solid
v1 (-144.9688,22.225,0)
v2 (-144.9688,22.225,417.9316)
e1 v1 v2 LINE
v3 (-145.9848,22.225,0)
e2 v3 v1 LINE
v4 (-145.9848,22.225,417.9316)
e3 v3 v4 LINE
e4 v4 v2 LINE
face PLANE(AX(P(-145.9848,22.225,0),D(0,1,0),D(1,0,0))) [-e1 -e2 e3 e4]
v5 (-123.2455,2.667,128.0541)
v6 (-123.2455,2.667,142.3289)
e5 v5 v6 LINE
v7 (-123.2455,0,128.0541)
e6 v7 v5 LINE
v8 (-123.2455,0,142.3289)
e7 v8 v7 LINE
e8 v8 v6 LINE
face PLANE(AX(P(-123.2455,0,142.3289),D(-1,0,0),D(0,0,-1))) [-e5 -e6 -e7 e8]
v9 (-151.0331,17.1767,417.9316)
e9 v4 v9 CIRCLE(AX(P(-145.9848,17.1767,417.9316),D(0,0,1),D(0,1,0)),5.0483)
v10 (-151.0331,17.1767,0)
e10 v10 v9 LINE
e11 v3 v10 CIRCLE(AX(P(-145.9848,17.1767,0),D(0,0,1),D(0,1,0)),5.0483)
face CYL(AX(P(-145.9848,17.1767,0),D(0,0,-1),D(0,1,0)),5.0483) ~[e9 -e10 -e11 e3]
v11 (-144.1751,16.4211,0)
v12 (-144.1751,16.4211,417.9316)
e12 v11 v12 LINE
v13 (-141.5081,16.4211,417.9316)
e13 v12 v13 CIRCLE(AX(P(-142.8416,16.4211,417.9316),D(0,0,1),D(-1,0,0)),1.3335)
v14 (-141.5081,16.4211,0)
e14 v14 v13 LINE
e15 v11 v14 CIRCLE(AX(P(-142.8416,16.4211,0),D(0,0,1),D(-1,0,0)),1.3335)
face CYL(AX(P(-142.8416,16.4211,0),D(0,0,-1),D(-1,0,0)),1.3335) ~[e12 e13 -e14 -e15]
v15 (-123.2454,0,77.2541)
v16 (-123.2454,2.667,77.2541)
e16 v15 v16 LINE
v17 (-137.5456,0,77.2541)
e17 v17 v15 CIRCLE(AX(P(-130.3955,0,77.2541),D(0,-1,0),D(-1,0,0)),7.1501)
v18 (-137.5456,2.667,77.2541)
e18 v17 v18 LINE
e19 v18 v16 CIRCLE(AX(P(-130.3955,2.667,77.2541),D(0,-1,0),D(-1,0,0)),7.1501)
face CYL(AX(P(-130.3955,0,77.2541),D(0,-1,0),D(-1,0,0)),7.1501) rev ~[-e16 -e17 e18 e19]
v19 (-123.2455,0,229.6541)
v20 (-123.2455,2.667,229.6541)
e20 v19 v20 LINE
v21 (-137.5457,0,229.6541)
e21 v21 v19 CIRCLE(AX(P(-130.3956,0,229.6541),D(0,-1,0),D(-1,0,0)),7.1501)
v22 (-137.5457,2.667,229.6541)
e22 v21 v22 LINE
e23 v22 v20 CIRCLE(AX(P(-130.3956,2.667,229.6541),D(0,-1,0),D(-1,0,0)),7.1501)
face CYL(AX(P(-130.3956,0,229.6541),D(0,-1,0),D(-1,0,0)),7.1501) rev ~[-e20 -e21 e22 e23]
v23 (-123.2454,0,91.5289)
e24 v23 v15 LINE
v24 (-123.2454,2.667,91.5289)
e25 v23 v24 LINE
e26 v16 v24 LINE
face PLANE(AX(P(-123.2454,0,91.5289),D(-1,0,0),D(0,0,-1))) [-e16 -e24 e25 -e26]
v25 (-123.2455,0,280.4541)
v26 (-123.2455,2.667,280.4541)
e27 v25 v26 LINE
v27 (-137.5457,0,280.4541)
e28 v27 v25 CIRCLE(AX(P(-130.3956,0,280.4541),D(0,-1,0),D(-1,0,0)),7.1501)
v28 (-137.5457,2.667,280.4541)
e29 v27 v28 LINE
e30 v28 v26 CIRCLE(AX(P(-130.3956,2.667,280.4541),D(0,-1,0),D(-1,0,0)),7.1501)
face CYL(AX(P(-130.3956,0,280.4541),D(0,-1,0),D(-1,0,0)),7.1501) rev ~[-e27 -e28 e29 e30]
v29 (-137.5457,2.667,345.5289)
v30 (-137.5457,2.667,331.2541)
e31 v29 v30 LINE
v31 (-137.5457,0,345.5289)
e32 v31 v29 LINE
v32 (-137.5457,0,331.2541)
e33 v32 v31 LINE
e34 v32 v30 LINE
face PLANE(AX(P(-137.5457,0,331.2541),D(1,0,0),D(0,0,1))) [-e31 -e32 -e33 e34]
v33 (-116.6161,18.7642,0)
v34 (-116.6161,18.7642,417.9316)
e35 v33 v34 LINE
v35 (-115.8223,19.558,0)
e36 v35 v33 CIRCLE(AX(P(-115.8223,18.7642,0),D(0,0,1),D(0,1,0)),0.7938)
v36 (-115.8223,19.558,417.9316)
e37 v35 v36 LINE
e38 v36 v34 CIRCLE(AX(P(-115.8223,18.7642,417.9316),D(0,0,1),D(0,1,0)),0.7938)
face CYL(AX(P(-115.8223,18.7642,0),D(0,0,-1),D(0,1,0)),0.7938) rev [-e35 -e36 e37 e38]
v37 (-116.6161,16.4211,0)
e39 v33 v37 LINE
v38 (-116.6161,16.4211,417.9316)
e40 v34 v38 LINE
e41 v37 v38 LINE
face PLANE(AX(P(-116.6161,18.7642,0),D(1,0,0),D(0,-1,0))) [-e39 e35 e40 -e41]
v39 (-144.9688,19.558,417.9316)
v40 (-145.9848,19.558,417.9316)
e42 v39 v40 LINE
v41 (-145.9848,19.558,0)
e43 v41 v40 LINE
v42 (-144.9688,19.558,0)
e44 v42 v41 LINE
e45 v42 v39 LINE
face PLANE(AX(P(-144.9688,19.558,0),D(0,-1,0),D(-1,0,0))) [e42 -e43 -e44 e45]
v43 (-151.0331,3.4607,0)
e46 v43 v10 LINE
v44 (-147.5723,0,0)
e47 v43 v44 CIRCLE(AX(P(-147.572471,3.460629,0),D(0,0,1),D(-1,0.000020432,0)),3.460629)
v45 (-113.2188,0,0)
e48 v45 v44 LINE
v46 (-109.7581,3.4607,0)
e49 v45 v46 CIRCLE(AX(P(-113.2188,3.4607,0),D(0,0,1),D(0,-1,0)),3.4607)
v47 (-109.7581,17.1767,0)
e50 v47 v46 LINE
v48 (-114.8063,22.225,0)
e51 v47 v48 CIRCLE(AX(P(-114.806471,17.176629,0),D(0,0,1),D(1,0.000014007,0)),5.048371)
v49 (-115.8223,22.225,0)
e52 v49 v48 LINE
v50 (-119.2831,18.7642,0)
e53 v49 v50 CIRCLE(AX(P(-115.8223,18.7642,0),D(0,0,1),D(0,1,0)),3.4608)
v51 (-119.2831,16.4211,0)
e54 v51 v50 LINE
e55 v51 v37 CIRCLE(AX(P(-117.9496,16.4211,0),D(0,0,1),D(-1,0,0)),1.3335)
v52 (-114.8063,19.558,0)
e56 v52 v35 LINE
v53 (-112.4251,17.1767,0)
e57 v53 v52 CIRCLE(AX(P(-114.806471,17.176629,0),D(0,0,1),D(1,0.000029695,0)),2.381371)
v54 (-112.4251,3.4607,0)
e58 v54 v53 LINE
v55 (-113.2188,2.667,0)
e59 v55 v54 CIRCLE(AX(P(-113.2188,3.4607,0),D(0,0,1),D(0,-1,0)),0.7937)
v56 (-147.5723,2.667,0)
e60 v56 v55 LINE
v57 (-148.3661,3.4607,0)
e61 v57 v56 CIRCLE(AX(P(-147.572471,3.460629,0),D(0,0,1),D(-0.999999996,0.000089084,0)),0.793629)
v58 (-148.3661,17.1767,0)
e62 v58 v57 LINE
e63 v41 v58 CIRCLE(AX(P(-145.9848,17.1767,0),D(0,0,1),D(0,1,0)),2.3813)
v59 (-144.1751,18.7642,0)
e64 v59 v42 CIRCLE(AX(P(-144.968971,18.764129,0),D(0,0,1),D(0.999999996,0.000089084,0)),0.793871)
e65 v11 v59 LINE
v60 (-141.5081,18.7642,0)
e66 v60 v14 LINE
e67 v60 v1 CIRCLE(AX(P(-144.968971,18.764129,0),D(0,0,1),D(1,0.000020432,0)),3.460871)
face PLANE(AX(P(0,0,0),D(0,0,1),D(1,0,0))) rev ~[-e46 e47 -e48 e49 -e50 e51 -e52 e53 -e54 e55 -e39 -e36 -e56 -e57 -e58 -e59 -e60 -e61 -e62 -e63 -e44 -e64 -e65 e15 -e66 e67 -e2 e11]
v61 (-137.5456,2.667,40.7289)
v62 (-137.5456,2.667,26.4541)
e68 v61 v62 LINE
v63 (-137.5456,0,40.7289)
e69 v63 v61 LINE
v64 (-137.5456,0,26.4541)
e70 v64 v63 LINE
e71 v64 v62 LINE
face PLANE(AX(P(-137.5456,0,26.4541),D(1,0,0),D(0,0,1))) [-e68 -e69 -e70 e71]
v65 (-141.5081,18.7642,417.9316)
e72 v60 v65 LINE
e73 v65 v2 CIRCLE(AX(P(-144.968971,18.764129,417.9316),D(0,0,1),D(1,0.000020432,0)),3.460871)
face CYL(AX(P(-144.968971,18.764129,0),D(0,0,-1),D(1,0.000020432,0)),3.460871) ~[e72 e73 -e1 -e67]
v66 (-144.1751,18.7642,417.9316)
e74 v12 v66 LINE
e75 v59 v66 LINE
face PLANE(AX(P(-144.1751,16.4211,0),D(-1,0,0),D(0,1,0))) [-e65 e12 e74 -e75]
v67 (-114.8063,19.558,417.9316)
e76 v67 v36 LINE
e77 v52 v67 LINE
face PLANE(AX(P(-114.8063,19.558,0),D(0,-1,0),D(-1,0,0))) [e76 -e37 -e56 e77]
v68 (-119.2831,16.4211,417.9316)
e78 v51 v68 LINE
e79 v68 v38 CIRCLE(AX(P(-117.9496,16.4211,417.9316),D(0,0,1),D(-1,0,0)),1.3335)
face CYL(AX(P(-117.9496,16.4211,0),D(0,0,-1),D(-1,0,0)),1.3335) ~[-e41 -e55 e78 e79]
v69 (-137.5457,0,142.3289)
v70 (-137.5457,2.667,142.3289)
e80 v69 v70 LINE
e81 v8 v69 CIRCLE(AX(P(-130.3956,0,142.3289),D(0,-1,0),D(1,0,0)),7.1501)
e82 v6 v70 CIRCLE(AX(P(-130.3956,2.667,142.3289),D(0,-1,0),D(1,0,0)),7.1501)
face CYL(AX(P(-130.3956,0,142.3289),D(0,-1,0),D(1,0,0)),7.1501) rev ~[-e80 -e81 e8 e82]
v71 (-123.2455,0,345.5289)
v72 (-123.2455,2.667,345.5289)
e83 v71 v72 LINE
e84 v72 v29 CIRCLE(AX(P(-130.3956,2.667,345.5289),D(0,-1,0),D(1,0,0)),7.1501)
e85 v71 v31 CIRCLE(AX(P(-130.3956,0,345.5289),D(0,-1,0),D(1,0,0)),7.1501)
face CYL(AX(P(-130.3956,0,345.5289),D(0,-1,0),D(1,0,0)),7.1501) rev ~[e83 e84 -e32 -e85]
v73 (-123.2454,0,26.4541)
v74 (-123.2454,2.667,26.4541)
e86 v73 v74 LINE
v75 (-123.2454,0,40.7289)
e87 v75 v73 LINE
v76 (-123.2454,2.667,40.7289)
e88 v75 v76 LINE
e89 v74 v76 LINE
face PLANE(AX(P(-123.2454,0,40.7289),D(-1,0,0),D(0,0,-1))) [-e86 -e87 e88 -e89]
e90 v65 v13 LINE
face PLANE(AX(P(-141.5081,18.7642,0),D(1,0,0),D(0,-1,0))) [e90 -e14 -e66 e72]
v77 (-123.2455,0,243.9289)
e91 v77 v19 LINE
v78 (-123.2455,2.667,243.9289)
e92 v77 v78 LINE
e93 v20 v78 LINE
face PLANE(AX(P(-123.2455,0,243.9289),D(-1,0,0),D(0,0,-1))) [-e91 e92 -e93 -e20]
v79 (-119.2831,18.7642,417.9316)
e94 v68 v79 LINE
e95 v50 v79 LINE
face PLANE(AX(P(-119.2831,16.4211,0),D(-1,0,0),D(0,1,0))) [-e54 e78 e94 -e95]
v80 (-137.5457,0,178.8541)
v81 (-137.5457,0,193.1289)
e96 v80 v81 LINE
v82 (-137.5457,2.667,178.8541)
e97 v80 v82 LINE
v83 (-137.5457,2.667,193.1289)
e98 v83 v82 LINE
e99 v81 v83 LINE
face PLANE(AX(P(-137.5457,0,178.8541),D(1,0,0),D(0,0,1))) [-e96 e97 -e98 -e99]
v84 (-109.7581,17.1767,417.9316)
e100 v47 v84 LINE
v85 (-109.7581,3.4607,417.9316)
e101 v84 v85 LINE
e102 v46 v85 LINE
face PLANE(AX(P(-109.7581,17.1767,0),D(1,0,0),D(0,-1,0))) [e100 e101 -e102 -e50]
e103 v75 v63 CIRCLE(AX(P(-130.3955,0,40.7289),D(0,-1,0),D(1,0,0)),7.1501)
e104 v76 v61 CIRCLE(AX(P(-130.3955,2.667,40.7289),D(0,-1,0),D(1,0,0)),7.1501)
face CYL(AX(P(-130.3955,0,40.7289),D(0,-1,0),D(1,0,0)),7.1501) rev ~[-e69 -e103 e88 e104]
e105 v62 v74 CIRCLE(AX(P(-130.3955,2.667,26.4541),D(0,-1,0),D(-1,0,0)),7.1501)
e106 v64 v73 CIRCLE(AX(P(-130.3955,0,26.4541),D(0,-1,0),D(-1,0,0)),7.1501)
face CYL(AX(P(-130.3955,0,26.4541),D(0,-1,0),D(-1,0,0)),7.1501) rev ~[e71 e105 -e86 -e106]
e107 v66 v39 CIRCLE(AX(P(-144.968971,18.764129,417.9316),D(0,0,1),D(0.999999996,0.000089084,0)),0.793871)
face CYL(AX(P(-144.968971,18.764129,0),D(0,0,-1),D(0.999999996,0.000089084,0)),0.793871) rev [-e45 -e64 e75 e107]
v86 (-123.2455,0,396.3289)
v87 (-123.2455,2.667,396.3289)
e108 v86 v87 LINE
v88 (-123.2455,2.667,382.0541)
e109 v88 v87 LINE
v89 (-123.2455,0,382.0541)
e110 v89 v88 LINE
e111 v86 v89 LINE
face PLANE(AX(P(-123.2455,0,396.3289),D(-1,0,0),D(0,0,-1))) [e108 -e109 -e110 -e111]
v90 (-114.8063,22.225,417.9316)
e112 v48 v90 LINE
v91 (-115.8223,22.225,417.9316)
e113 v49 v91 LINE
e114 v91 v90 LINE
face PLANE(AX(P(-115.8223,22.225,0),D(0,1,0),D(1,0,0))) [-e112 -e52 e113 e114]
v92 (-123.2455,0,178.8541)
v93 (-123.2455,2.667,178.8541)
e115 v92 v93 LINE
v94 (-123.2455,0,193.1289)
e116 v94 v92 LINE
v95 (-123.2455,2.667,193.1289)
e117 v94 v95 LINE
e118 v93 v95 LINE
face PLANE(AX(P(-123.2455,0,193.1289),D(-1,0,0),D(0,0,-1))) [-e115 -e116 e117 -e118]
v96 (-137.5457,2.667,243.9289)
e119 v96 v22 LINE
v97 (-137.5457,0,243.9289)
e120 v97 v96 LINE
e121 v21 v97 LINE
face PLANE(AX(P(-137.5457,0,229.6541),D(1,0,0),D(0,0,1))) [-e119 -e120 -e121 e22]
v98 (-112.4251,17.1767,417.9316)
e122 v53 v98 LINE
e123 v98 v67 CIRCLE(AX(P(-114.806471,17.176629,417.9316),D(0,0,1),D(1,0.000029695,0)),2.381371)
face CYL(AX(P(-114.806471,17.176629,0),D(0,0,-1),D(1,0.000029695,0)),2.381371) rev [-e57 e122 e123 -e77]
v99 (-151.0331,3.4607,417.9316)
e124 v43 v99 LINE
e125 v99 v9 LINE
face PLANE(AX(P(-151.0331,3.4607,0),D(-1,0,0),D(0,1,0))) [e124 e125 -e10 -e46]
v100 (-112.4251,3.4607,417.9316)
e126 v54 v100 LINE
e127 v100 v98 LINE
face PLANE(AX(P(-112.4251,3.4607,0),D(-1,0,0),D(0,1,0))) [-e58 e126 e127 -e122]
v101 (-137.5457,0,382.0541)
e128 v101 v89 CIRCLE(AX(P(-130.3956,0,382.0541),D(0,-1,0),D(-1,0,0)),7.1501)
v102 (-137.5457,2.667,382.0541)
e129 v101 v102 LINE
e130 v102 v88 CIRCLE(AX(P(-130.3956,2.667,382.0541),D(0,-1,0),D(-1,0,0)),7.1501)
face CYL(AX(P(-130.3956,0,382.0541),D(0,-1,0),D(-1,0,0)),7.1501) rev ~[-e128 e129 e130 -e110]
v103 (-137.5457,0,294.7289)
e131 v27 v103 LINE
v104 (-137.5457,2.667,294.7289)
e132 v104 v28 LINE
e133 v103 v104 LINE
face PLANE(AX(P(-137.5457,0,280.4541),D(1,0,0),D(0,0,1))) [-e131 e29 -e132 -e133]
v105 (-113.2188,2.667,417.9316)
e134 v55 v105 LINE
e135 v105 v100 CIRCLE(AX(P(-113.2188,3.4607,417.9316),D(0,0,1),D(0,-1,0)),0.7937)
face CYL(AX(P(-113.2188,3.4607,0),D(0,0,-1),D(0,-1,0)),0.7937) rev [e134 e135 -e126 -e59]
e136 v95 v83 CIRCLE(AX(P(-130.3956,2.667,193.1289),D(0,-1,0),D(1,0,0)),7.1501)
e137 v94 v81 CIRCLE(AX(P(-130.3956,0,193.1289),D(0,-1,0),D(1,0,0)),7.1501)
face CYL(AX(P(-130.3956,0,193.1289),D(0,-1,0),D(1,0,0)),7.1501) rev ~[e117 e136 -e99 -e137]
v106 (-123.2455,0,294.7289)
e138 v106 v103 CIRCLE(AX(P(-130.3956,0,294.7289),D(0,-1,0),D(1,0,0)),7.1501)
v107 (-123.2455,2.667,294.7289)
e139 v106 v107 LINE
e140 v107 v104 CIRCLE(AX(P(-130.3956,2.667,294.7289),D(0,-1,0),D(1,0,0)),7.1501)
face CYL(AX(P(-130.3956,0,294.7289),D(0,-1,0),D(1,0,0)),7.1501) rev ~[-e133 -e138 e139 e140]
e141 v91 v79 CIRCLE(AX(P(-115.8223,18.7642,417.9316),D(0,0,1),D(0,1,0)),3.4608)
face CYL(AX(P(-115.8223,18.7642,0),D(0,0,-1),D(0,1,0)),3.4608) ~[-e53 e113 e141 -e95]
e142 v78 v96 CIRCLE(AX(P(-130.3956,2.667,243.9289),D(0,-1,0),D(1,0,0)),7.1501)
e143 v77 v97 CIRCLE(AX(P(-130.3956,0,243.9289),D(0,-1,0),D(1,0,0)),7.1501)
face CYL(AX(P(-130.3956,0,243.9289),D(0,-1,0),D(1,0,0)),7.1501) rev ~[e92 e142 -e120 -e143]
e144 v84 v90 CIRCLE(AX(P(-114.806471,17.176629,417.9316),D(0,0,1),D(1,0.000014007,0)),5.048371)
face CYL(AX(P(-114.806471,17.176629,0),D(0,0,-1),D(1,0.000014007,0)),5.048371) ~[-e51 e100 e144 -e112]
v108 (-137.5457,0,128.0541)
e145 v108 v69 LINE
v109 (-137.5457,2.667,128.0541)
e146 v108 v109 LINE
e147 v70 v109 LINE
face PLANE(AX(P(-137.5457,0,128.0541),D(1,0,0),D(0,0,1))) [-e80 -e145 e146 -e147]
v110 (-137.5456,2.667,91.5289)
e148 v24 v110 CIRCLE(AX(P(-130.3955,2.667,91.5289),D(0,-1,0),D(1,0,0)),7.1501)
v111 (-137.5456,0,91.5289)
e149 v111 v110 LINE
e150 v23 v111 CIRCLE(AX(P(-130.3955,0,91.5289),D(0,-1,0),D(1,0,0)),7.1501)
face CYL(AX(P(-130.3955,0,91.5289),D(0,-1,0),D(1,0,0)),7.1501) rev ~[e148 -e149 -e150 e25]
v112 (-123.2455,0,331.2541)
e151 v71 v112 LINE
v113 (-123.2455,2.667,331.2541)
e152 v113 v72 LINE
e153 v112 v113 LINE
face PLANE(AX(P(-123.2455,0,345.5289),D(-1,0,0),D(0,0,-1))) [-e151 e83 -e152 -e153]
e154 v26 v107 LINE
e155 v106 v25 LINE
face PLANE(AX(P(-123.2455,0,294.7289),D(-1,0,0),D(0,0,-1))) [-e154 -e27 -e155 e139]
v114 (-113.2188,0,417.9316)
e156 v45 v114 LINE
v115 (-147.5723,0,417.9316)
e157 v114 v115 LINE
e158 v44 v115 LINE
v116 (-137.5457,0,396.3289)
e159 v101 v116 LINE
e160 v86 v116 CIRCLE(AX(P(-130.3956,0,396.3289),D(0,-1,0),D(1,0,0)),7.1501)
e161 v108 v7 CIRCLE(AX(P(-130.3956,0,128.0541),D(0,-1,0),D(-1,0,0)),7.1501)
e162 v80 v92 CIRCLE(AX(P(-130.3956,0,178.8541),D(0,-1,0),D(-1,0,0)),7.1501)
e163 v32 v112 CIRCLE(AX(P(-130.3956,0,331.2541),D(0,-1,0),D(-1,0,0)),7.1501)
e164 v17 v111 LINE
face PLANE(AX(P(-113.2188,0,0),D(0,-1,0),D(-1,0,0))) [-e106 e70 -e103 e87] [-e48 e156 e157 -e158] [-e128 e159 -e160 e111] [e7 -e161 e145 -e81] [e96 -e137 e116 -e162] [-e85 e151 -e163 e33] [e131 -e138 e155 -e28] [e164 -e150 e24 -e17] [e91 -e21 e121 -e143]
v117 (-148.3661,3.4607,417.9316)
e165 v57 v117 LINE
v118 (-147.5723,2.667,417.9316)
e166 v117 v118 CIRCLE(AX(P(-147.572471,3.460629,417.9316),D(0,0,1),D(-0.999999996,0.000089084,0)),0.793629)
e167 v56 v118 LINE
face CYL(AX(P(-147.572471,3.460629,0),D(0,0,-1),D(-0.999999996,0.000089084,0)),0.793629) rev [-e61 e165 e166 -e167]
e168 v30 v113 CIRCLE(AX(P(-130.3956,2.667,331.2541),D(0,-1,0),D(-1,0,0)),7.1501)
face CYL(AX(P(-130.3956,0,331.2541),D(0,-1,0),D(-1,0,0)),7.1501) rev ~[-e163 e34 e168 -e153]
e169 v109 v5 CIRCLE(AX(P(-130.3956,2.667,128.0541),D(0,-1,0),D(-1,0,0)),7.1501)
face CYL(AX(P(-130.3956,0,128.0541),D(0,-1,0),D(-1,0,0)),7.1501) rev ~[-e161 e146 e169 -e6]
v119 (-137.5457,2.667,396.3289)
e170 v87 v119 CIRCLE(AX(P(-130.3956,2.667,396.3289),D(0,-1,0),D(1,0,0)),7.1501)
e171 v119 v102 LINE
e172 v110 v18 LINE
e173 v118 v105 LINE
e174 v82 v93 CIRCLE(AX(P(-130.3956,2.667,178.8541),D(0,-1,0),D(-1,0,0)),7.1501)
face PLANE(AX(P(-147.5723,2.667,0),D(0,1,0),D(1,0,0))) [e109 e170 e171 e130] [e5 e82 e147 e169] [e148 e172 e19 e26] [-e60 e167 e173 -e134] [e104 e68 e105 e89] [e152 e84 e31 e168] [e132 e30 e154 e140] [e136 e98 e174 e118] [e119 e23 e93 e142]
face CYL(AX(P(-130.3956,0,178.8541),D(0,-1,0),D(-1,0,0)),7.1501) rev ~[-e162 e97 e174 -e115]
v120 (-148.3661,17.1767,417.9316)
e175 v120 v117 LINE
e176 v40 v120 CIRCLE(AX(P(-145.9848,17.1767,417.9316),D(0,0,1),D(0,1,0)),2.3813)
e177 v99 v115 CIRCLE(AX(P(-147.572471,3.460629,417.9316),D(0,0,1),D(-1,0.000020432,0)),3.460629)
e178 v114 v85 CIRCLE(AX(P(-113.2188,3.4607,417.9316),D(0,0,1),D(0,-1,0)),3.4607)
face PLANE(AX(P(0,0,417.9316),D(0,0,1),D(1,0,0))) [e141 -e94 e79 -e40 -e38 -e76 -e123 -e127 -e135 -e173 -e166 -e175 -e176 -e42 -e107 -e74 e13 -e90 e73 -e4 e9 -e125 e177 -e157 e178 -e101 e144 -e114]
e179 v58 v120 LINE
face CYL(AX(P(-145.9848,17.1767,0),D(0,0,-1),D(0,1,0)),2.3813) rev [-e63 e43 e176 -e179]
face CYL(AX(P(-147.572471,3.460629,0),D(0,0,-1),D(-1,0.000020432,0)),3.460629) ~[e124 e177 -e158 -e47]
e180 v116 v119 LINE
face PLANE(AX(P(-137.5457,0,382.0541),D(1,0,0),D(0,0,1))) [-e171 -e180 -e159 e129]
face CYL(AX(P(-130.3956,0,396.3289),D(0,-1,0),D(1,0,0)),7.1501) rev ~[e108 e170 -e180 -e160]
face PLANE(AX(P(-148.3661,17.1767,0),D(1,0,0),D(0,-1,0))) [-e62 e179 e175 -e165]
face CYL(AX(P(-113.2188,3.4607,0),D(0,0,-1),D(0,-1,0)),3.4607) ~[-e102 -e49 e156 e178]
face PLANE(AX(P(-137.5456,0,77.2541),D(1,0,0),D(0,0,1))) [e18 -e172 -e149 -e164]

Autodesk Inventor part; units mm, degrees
ref_plane "YZ Plane" through (0, 0, 0) normal (1, 0, 0) x (0, 1, 0)
ref_plane "XZ Plane" through (0, 0, 0) normal (0, 1, 0) x (-1, 0, 0)
ref_plane "Work Plane1" through (0, 0, 0) normal (0, 0, 1) x (1, 0, 0)
sketch "Sketch1" plane through (0, 0, 0) normal (0, 0, 1) x (1, 0, 0)
  arc A0 (-113.2188, 0) -> (-109.7581, 3.4607) centre (-113.2188, 3.4607) ccw projected
  line L0 (-109.7581, 17.1767) -> (-109.7581, 3.4607) projected
  arc A1 (-109.7581, 17.1767) -> (-114.8063, 22.225) centre (-114.8063, 17.1767) ccw projected
  line L1 (-115.8223, 22.225) -> (-114.8063, 22.225) projected
  arc A2 (-115.8223, 22.225) -> (-119.2831, 18.7642) centre (-115.8223, 18.7642) ccw projected
  line L2 (-119.2831, 16.4211) -> (-119.2831, 18.7642) projected
  arc A3 (-119.2831, 16.4211) -> (-116.6161, 16.4211) centre (-117.9496, 16.4211) ccw projected
  line L3 (-116.6161, 18.7642) -> (-116.6161, 16.4211) projected
  arc A4 (-115.8223, 19.558) -> (-116.6161, 18.7642) centre (-115.8223, 18.7642) ccw projected
  line L4 (-114.8063, 19.558) -> (-115.8223, 19.558) projected
  arc A5 (-112.4251, 17.1767) -> (-114.8063, 19.558) centre (-114.8063, 17.1767) ccw projected
  line L5 (-112.4251, 3.4607) -> (-112.4251, 17.1767) projected
  arc A6 (-113.2188, 2.667) -> (-112.4251, 3.4607) centre (-113.2188, 3.4607) ccw projected
  line L6 (-147.5723, 2.667) -> (-113.2188, 2.667) projected
  arc A7 (-148.3661, 3.4607) -> (-147.5723, 2.667) centre (-147.5723, 3.4607) ccw projected
  line L7 (-148.3661, 17.1767) -> (-148.3661, 3.4607) projected
  arc A8 (-145.9848, 19.558) -> (-148.3661, 17.1767) centre (-145.9848, 17.1767) ccw projected
  line L8 (-144.9688, 19.558) -> (-145.9848, 19.558) projected
  arc A9 (-144.1751, 18.7642) -> (-144.9688, 19.558) centre (-144.9688, 18.7642) ccw projected
  line L9 (-144.1751, 16.4211) -> (-144.1751, 18.7642) projected
  arc A10 (-144.1751, 16.4211) -> (-141.5081, 16.4211) centre (-142.8416, 16.4211) ccw projected
  line L10 (-141.5081, 18.7642) -> (-141.5081, 16.4211) projected
  arc A11 (-141.5081, 18.7642) -> (-144.9688, 22.225) centre (-144.9688, 18.7642) ccw projected
  line L11 (-145.9848, 22.225) -> (-144.9688, 22.225) projected
  arc A12 (-145.9848, 22.225) -> (-151.0331, 17.1767) centre (-145.9848, 17.1767) ccw projected
  line L12 (-151.0331, 3.4607) -> (-151.0331, 17.1767) projected
  arc A13 (-151.0331, 3.4607) -> (-147.5723, 0) centre (-147.5723, 3.4607) ccw projected
  line L13 (-113.2188, 0) -> (-147.5723, 0) projected
  point P0 (0, 0)
extrude "Extrusion1" add sketch "Sketch1" along normal blind 417.9316
ref_plane "Work Plane2" through (0, 0, 208.9658) normal (0, 0, 1) x (1, 0, 0)
sketch "Sketch2" plane through (-147.5723, 0, 0) normal (0, -1, 0) x (1, 0, 0)
  line L0 (17.1768, 26.4541) -> (17.1768, 40.7289) construction
  line L1 (6.0642, 0) -> (6.0642, 417.9316) projected
  line L2 (10.0267, 26.4541) -> (10.0267, 40.7289)
  line L3 (24.3269, 40.7289) -> (24.3269, 26.4541)
  arc A0 (10.0267, 26.4541) -> (24.3269, 26.4541) centre (17.1768, 26.4541) ccw
  arc A1 (24.3269, 40.7289) -> (10.0267, 40.7289) centre (17.1768, 40.7289) ccw
  line L4 (0, 0) -> (34.3535, 0) construction
  line L5 (17.1768, 0) -> (17.1767, 417.9316) construction
  line L6 (34.3535, 417.9316) -> (0, 417.9316) construction
  line L7 (10.0267, 77.2541) -> (10.0267, 91.5289)
  line L8 (24.3269, 91.5289) -> (24.3269, 77.2541)
  arc A2 (10.0267, 77.2541) -> (24.3269, 77.2541) centre (17.1768, 77.2541) ccw
  arc A3 (24.3269, 91.5289) -> (10.0267, 91.5289) centre (17.1768, 91.5289) ccw
  line L9 (17.1768, 50.8) -> (17.1767, 468.7316) construction
  line L10 (10.0266, 128.0541) -> (10.0266, 142.3289)
  line L11 (24.3268, 142.3289) -> (24.3268, 128.0541)
  arc A4 (10.0266, 128.0541) -> (24.3268, 128.0541) centre (17.1767, 128.0541) ccw
  arc A5 (24.3268, 142.3289) -> (10.0266, 142.3289) centre (17.1767, 142.3289) ccw
  line L12 (17.1768, 101.6) -> (17.1767, 519.5316) construction
  line L13 (10.0266, 178.8541) -> (10.0266, 193.1289)
  line L14 (24.3268, 193.1289) -> (24.3268, 178.8541)
  arc A6 (10.0266, 178.8541) -> (24.3268, 178.8541) centre (17.1767, 178.8541) ccw
  arc A7 (24.3268, 193.1289) -> (10.0266, 193.1289) centre (17.1767, 193.1289) ccw
  line L15 (17.1767, 152.4) -> (17.1767, 570.3316) construction
  line L16 (10.0266, 229.6541) -> (10.0266, 243.9289)
  line L17 (24.3268, 243.9289) -> (24.3268, 229.6541)
  arc A8 (10.0266, 229.6541) -> (24.3268, 229.6541) centre (17.1767, 229.6541) ccw
  arc A9 (24.3268, 243.9289) -> (10.0266, 243.9289) centre (17.1767, 243.9289) ccw
  line L18 (17.1767, 203.2) -> (17.1767, 621.1316) construction
  line L19 (10.0266, 280.4541) -> (10.0266, 294.7289)
  line L20 (24.3268, 294.7289) -> (24.3268, 280.4541)
  arc A10 (10.0266, 280.4541) -> (24.3268, 280.4541) centre (17.1767, 280.4541) ccw
  arc A11 (24.3268, 294.7289) -> (10.0266, 294.7289) centre (17.1767, 294.7289) ccw
  line L21 (17.1767, 254) -> (17.1767, 671.9316) construction
  line L22 (10.0266, 331.2541) -> (10.0266, 345.5289)
  line L23 (24.3268, 345.5289) -> (24.3268, 331.2541)
  arc A12 (10.0266, 331.2541) -> (24.3268, 331.2541) centre (17.1767, 331.2541) ccw
  arc A13 (24.3268, 345.5289) -> (10.0266, 345.5289) centre (17.1767, 345.5289) ccw
  line L24 (17.1767, 304.8) -> (17.1767, 722.7316) construction
  line L25 (10.0266, 382.0541) -> (10.0266, 396.3289)
  line L26 (24.3268, 396.3289) -> (24.3268, 382.0541)
  arc A14 (10.0266, 382.0541) -> (24.3268, 382.0541) centre (17.1767, 382.0541) ccw
  arc A15 (24.3268, 396.3289) -> (10.0266, 396.3289) centre (17.1767, 396.3289) ccw
  line L27 (17.1767, 355.6) -> (17.1767, 773.5316) construction
  point P0 (147.5723, 0)
  point P1 (17.1768, 33.5915)
  point P2 (17.1768, 84.3915)
  point P3 (17.1768, 135.1915)
  point P4 (17.1767, 185.9915)
  point P5 (17.1767, 236.7915)
  point P6 (17.1767, 287.5915)
  point P7 (17.1767, 338.3915)
  point P8 (17.1767, 389.1915)
  dimension "d2" = 14.3002
  dimension "d3" = 14.2748
  dimension "d4" = 26.4541
  dimension "d7" = 50.8
extrude "Extrusion2" cut sketch "Sketch2" against normal blind 25.4
properties part number "Horizontal-Unistrut-Tower-Connector-15"
